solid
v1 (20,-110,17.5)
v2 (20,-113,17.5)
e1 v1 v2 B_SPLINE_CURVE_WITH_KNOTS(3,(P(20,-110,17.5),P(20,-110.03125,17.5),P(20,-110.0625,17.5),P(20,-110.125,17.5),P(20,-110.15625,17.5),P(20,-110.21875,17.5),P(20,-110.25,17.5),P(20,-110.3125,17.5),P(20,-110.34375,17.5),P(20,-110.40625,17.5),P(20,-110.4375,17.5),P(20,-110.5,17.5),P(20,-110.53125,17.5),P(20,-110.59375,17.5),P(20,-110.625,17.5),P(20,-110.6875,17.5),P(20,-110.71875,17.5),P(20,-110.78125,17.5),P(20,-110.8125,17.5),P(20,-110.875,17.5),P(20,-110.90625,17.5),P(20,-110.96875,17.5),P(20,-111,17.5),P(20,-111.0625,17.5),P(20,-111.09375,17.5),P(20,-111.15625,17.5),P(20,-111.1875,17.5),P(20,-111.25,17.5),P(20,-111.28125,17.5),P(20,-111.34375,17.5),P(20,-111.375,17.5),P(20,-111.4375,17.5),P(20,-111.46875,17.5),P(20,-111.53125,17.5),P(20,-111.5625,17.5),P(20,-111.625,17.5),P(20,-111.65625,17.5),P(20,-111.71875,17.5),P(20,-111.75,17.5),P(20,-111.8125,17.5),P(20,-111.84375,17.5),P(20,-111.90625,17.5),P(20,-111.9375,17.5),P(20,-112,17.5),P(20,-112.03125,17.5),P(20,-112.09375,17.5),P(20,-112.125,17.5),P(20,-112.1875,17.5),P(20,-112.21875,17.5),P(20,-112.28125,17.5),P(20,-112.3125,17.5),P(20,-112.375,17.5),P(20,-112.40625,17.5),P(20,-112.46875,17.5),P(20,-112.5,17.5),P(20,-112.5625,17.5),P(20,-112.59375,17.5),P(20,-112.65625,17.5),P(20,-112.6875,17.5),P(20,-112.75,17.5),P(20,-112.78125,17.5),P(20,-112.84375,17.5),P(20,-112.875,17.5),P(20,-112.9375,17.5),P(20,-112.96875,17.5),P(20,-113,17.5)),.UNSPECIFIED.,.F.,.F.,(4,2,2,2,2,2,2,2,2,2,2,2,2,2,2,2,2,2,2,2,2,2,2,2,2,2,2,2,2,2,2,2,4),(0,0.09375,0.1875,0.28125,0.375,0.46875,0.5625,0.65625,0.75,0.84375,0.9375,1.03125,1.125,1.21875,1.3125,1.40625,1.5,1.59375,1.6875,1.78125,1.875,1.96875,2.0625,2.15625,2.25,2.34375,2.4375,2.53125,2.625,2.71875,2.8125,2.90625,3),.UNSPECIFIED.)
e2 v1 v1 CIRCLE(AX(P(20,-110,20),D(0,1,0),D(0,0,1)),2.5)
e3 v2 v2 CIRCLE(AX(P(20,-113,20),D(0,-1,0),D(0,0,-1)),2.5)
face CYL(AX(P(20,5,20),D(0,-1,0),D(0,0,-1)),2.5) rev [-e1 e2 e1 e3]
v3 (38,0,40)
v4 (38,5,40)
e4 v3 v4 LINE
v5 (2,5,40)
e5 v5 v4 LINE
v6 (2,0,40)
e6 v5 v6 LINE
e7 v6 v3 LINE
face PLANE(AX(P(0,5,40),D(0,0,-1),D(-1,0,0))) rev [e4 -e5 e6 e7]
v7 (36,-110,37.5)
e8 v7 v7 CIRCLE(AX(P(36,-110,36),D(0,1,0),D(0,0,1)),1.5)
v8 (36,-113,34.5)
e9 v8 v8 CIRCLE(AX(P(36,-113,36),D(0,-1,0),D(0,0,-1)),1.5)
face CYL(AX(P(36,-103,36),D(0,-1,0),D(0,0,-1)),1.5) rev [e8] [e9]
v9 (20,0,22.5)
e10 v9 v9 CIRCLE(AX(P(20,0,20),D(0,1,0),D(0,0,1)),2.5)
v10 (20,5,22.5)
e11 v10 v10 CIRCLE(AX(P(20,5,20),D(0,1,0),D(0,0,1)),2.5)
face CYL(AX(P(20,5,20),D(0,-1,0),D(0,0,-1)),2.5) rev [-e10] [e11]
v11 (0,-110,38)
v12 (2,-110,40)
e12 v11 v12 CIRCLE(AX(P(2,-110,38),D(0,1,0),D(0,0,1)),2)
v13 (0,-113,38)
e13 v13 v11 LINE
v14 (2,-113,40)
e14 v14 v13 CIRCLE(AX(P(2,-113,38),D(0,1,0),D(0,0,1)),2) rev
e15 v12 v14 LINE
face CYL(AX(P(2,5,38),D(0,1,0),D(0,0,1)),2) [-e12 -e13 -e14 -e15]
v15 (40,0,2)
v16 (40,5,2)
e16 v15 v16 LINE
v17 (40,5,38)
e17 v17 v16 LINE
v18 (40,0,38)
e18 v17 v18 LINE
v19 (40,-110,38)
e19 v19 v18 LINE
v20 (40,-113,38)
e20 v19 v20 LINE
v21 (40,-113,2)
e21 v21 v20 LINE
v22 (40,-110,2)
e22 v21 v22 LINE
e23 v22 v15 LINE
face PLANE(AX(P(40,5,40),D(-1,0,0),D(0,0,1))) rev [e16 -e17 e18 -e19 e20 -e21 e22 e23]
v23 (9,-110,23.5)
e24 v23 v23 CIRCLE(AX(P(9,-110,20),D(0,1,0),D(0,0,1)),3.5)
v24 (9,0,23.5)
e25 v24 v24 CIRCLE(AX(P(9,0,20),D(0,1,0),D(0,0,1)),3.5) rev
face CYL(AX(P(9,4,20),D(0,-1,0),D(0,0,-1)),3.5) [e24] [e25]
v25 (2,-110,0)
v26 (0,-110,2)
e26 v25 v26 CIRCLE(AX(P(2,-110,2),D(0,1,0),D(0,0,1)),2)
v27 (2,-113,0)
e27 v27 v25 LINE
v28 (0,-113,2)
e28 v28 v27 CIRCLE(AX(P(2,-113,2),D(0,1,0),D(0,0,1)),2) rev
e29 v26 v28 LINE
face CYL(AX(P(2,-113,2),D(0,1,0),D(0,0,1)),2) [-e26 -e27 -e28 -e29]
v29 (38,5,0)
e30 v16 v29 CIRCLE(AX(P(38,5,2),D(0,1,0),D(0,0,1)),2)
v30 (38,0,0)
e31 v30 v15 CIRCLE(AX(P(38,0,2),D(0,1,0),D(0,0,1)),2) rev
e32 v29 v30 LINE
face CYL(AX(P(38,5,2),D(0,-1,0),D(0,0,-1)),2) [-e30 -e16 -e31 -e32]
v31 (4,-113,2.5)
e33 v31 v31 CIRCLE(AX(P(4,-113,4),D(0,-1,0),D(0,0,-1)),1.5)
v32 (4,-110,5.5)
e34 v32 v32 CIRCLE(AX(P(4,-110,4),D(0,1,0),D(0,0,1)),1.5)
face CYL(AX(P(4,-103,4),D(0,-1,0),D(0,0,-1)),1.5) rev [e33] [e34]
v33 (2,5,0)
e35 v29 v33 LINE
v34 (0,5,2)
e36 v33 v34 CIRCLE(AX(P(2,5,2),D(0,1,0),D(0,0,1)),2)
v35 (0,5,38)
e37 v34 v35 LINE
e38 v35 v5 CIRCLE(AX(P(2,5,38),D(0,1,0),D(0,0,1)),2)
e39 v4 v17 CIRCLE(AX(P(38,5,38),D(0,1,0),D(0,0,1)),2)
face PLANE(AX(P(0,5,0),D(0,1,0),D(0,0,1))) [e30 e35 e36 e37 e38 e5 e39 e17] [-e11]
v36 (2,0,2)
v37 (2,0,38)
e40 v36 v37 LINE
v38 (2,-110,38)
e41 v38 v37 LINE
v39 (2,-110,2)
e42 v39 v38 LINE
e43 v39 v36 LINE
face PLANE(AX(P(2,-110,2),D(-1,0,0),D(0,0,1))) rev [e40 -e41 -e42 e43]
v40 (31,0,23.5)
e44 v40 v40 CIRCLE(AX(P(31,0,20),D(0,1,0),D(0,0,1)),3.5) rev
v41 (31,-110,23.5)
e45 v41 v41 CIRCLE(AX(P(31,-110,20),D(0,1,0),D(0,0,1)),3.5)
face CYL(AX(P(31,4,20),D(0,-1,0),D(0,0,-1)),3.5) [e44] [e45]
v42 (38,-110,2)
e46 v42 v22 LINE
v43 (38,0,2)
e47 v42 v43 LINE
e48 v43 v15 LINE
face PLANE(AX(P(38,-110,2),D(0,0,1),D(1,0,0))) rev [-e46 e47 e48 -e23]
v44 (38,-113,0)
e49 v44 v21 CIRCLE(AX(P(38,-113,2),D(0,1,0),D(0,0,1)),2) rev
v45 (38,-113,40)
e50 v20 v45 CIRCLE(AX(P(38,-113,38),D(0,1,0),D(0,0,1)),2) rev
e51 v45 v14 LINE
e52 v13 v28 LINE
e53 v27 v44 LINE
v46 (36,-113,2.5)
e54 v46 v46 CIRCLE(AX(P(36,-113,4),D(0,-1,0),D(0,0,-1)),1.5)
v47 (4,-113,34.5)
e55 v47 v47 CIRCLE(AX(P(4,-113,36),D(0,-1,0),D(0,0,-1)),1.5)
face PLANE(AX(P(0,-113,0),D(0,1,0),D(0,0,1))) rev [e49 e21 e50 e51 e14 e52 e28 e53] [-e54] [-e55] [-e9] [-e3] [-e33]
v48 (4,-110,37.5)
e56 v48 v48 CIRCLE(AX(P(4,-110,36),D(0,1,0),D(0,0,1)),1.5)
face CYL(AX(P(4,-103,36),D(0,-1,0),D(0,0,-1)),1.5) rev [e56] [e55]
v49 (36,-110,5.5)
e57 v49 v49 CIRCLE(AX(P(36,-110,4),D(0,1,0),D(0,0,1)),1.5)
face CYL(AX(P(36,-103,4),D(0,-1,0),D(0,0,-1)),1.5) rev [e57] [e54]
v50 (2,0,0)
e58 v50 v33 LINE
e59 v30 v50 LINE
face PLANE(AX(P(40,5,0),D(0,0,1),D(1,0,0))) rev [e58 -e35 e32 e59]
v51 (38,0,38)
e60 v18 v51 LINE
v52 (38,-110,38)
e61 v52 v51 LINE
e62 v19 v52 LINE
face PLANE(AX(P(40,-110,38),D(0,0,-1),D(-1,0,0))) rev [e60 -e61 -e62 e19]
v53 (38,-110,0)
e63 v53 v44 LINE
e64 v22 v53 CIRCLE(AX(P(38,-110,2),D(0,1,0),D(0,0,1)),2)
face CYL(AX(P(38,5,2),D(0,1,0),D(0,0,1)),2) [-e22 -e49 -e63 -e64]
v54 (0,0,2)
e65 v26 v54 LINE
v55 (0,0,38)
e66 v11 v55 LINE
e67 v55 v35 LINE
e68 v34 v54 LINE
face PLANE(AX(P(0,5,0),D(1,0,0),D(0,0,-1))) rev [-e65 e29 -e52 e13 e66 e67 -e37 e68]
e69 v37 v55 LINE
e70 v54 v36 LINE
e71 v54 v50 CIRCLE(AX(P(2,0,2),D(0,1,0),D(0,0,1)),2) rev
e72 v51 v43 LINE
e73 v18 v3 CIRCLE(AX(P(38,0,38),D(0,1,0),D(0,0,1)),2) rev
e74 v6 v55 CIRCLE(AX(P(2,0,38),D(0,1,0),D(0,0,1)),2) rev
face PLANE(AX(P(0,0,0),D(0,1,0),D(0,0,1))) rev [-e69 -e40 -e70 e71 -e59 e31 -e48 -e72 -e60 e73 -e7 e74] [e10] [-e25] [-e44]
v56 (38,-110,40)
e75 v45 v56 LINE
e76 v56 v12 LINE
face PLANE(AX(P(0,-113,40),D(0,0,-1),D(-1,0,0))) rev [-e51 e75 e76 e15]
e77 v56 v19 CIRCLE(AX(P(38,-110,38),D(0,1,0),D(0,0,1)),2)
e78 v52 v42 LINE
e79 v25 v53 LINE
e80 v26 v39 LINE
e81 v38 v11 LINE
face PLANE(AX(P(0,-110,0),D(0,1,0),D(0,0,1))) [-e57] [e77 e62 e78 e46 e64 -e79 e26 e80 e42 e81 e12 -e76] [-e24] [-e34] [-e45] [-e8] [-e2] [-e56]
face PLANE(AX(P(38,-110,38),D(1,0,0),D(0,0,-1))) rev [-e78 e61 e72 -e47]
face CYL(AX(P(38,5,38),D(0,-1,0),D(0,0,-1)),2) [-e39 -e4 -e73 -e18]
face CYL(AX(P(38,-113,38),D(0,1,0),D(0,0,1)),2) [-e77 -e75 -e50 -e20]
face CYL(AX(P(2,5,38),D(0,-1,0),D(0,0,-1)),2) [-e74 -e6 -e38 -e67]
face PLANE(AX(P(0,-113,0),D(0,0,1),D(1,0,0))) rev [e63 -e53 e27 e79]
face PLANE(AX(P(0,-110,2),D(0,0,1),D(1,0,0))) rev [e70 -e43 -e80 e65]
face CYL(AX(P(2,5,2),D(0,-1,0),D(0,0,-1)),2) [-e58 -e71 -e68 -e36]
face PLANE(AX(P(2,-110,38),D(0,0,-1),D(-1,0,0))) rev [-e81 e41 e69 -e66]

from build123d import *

# Parameters (mm, degrees)
SKETCH1_W           = 40
SKETCH1_H           = 40
BOSS_EXTRUDE1_DEPTH = 5
FILLET1_R           = 2
SKETCH2_W           = 2
SKETCH2_H           = 36
BOSS_EXTRUDE2_DEPTH = 110
SKETCH3_W           = 40
SKETCH3_H           = 40
BOSS_EXTRUDE3_DEPTH = 3
FILLET2_R           = 2
SKETCH4_R           = 1.5
CUT_EXTRUDE1_DEPTH  = 10
SKETCH5_R           = 2.5
CUT_EXTRUDE2_DEPTH  = 127.368508888
SKETCH6_R           = 2.5
CUT_EXTRUDE4_DEPTH  = 131.858702575
SKETCH8_R           = 3.5
BOSS_EXTRUDE4_DEPTH = 114


with BuildPart() as part:
    # Sketch1 → Boss-Extrude1 (new body)
    with BuildSketch(Plane(origin=(0, 0, 0), x_dir=(1, 0, 0), z_dir=(0, 1, 0))):
        with Locations((20, -20)):
            Rectangle(SKETCH1_W, SKETCH1_H)
    extrude(amount=BOSS_EXTRUDE1_DEPTH)

    # Fillet1
    fillet1_edges = [part.edges().sort_by_distance(p)[0] for p in [
        (40, 2.5, 0),
        (40, 2.5, 40),
        (0, 2.5, 40),
        (0, 2.5, 0),
    ]]
    fillet(fillet1_edges, radius=FILLET1_R)

    # Sketch2 → Boss-Extrude2 (add)
    with BuildSketch(Plane.XZ):
        with Locations((1, 20)):
            Rectangle(SKETCH2_W, SKETCH2_H)
        with Locations((39, 20)):
            Rectangle(SKETCH2_W, SKETCH2_H)
    extrude(amount=BOSS_EXTRUDE2_DEPTH)

    # Sketch3 → Boss-Extrude3 (add)
    with BuildSketch(Plane.XZ.offset(110)):
        with Locations((20, 20)):
            Rectangle(SKETCH3_W, SKETCH3_H)
    extrude(amount=BOSS_EXTRUDE3_DEPTH)

    # Fillet2
    fillet2_edges = [part.edges().sort_by_distance(p)[0] for p in [
        (0, -111.5, 0),
        (40, -111.5, 0),
        (40, -111.5, 40),
        (0, -111.5, 40),
    ]]
    fillet(fillet2_edges, radius=FILLET2_R)

    # Sketch4 → Cut-Extrude1 (cut)
    with BuildSketch(Plane.XZ.offset(113)):
        with Locations(Location((4, 4, 0), (0, 0, 270))):
            Circle(SKETCH4_R)
        with Locations(Location((36, 4, 0), (0, 0, 270))):
            Circle(SKETCH4_R)
        with Locations(Location((4, 36, 0), (0, 0, 270))):
            Circle(SKETCH4_R)
        with Locations(Location((36, 36, 0), (0, 0, 270))):
            Circle(SKETCH4_R)
    extrude(amount=-CUT_EXTRUDE1_DEPTH, mode=Mode.SUBTRACT)

    # Sketch5 → Cut-Extrude2 (cut, through all)
    with BuildSketch(Plane(origin=(0, 0, 0), x_dir=(1, 0, 0), z_dir=(0, 1, 0))):
        with Locations(Location((20, -20, 0), (0, 0, 270))):
            Circle(SKETCH5_R)
    extrude(amount=CUT_EXTRUDE2_DEPTH, mode=Mode.SUBTRACT)

    # Sketch6 → Cut-Extrude4 (cut, through all)
    with BuildSketch(Plane.XZ.offset(113)):
        with Locations(Location((20, 20, 0), (0, 0, 90))):
            Circle(SKETCH6_R)
    extrude(amount=-CUT_EXTRUDE4_DEPTH, mode=Mode.SUBTRACT)

    # Sketch8 → Boss-Extrude4 (add)
    with BuildSketch(Plane(origin=(0, -110, 0), x_dir=(1, 0, 0), z_dir=(0, 1, 0))):
        with Locations(Location((9, -20, 0), (0, 0, 270))):
            Circle(SKETCH8_R)
        with Locations(Location((31, -20, 0), (0, 0, 270))):
            Circle(SKETCH8_R)
    extrude(amount=BOSS_EXTRUDE4_DEPTH)


solid = part.part
